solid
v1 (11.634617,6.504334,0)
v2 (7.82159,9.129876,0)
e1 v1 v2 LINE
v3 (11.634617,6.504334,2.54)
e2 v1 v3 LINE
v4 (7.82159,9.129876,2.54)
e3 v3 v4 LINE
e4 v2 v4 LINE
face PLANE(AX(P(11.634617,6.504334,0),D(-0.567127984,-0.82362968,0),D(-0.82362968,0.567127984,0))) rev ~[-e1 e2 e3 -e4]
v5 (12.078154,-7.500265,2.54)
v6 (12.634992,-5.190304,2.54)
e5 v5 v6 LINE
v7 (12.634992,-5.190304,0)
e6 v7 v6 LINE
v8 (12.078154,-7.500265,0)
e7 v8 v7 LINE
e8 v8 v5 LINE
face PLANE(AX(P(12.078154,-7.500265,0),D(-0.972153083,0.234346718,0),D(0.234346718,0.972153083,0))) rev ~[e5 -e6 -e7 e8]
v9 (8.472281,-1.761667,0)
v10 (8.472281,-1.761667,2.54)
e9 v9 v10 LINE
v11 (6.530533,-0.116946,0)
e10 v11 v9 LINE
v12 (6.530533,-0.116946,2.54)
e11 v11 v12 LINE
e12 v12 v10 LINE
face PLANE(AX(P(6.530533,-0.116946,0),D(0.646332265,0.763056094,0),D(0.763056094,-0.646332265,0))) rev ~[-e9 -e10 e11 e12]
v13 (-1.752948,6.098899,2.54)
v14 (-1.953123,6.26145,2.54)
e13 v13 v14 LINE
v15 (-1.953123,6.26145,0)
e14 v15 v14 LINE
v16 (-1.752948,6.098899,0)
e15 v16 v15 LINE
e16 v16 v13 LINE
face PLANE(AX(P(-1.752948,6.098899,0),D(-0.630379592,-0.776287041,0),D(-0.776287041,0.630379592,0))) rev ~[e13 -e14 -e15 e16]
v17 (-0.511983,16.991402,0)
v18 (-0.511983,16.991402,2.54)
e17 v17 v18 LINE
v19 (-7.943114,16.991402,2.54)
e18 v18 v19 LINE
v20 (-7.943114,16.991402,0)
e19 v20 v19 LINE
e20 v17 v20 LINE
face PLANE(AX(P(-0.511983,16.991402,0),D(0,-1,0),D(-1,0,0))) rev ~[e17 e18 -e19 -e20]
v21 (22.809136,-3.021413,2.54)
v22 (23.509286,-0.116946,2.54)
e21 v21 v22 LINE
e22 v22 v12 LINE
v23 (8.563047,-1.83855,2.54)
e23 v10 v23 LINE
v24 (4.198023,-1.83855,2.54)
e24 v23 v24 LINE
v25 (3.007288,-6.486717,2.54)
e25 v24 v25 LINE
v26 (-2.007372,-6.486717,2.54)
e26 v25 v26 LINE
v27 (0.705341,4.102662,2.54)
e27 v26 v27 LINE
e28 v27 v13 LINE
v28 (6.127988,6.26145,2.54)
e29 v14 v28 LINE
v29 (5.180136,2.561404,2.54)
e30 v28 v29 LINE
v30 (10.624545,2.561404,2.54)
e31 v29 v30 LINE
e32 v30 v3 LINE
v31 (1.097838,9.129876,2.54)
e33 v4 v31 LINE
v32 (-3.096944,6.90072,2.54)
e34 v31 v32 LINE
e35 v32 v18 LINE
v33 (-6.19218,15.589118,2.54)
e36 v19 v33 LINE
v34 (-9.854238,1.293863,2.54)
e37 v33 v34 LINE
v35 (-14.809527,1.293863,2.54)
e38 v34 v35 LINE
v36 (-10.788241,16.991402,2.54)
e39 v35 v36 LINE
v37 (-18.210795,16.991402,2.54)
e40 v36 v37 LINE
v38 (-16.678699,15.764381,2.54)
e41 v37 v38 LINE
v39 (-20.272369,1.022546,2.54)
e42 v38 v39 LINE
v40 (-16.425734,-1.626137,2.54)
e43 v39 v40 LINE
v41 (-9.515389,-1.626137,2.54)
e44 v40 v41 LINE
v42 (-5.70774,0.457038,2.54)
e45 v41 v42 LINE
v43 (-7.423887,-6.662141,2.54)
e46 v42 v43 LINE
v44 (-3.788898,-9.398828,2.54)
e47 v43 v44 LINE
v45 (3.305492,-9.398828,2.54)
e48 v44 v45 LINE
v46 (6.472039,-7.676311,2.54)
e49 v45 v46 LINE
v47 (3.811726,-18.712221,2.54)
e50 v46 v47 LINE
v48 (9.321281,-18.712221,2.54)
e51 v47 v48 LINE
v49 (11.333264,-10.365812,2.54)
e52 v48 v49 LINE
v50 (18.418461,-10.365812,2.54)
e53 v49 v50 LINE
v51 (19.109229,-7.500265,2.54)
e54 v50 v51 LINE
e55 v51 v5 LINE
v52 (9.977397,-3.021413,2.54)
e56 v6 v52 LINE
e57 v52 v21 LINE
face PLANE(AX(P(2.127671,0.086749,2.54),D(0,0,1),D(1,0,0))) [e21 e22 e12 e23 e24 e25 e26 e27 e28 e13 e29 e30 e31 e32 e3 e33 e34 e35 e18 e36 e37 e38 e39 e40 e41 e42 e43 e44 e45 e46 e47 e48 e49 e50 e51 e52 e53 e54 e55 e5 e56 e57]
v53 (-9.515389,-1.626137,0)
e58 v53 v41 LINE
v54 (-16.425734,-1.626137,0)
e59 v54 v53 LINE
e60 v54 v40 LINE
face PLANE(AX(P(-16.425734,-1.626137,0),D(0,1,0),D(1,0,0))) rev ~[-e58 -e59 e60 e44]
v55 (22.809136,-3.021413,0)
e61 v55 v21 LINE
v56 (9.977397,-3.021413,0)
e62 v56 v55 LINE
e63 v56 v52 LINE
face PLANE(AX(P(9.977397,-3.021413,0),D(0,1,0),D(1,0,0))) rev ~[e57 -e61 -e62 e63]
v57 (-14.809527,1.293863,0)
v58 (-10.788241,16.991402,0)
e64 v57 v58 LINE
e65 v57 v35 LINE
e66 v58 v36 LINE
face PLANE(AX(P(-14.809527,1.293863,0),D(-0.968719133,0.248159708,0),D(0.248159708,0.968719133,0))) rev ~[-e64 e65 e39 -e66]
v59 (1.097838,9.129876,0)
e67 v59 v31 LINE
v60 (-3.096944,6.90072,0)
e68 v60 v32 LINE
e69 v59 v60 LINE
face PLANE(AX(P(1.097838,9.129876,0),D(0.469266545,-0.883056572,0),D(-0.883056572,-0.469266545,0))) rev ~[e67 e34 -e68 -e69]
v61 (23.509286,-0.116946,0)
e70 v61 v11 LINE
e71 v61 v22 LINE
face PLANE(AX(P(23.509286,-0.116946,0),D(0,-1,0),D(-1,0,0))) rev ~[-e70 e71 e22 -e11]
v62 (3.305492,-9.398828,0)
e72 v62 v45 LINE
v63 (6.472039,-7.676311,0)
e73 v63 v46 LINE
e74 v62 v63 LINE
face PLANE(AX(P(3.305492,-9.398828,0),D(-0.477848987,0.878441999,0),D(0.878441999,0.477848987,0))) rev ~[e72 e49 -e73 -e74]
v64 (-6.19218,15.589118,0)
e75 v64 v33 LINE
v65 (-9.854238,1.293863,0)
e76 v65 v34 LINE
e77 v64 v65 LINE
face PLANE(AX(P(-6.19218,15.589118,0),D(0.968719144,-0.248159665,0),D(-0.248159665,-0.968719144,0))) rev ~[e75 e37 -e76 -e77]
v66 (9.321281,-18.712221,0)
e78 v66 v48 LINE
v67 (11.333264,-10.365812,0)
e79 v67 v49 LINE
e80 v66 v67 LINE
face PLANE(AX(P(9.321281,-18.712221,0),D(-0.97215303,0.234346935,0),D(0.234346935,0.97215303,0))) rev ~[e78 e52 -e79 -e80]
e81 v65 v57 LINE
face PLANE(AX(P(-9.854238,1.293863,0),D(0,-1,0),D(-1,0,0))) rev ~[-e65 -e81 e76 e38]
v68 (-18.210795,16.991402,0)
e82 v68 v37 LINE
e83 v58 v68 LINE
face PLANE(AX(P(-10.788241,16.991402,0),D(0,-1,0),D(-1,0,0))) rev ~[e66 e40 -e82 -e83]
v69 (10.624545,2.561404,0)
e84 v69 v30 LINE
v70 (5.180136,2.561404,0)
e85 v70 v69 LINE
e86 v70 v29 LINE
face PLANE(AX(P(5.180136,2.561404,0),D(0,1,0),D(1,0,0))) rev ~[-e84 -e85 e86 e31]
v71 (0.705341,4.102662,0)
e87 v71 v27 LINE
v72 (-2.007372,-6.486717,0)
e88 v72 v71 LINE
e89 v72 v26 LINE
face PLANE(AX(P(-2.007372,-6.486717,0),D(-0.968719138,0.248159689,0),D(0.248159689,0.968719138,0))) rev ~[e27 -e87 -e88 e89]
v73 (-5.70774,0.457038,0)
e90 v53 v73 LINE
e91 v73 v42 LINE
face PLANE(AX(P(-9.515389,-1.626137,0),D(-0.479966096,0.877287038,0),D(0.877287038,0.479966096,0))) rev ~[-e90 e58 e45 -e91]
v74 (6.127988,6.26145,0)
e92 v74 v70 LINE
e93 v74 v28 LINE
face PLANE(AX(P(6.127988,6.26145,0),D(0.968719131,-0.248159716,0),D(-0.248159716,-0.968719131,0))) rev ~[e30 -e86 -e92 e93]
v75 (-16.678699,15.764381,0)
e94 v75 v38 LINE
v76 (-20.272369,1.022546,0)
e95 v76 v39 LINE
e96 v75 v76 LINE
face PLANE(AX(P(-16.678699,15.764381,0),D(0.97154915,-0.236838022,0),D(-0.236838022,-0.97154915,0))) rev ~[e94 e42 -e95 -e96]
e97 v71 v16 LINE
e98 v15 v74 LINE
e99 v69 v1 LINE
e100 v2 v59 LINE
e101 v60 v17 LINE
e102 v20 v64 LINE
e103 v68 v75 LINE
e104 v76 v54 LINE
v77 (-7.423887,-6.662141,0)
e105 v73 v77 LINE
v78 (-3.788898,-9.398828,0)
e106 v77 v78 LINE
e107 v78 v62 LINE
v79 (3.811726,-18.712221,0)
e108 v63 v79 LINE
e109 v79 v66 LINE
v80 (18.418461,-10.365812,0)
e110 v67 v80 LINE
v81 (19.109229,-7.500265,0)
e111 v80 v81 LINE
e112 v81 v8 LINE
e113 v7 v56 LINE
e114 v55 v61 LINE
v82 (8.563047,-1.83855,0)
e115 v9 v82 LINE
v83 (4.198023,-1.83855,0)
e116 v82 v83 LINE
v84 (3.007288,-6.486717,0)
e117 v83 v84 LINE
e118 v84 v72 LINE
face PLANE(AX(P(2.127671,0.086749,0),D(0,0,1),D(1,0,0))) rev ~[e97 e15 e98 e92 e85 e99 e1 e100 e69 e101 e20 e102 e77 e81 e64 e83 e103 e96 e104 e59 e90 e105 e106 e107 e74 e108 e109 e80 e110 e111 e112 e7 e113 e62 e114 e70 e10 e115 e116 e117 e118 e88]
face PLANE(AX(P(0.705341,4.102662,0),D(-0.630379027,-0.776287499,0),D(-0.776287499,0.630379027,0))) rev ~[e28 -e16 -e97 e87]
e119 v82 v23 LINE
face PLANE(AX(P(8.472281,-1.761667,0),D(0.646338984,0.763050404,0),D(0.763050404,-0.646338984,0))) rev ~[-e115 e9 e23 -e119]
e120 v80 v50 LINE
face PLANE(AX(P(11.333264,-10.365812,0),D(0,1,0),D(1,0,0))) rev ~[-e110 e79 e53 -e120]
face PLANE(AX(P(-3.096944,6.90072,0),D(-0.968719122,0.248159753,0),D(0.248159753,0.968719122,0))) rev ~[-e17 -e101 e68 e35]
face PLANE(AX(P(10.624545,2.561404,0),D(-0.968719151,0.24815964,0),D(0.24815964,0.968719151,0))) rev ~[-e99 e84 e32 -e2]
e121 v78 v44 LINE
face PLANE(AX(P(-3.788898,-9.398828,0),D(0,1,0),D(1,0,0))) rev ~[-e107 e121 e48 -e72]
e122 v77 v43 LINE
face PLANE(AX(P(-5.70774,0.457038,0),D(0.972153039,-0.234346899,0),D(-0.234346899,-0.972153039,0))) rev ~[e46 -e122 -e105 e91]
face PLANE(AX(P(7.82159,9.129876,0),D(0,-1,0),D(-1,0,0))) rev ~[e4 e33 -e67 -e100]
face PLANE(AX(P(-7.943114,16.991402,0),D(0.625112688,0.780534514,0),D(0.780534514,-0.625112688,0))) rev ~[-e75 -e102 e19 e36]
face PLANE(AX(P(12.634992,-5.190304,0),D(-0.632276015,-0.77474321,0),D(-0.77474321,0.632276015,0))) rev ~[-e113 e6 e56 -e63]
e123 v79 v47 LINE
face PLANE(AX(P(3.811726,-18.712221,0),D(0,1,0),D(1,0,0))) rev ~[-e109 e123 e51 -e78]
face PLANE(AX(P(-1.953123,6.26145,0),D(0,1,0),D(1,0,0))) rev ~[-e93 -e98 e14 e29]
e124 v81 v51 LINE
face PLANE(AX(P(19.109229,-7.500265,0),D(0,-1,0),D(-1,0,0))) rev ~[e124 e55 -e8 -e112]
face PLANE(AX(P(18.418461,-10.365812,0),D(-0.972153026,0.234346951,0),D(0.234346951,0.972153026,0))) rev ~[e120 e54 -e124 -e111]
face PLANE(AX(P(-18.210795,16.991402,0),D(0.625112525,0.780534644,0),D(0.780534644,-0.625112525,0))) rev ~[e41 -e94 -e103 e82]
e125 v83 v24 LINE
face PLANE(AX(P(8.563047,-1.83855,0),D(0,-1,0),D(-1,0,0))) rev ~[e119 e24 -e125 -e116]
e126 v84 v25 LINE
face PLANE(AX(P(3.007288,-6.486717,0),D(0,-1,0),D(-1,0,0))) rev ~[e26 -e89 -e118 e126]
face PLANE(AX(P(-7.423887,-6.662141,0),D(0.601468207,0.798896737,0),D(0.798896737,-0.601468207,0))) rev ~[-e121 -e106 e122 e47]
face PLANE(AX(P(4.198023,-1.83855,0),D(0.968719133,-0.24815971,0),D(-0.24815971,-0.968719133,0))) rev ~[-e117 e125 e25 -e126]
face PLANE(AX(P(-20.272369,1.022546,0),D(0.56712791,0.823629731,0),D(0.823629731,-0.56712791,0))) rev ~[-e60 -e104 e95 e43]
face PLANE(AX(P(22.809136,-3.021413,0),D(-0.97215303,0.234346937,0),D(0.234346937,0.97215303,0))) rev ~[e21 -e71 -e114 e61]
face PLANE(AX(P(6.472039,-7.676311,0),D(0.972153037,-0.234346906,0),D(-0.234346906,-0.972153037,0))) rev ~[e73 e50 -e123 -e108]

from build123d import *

# Parameters (mm, degrees)
F1_DEPTH = 2.54


with BuildPart() as f1:
    # F0 (on Top) → F1 (new body)
    with BuildSketch(Plane.XY):
        Polygon((-5.995896, -7.13228), (-6.844743, -6.480798), (-3.836085, 6.000167), (1.180427, 8.666), (7.587111, 8.666), (8.813967, 7.821221), (1.488084, 7.821221), (-1.447063, 6.26145), (6.127988, 6.26145), (5.180136, 2.561404), (10.624545, 2.561404), (11.634617, 6.504334), (7.82159, 9.129876), (1.097838, 9.129876), (-3.096944, 6.90072), (-0.511983, 16.991402), (-7.943114, 16.991402), (-6.19218, 15.589118), (-9.854238, 1.293863), (-14.809527, 1.293863), (-10.788241, 16.991402), (-18.210795, 16.991402), (-16.678699, 15.764381), (-20.272369, 1.022546), (-16.425734, -1.626137), (-9.515389, -1.626137), (-5.70774, 0.457038), (-7.423887, -6.662141), (-3.788898, -9.398828), (3.305492, -9.398828), (6.472039, -7.676311), (3.811726, -18.712221), (9.321281, -18.712221), (11.333264, -10.365812), (18.418461, -10.365812), (19.109229, -7.500265), (12.078154, -7.500265), (12.634992, -5.190304), (9.977397, -3.021413), (22.809136, -3.021413), (23.509286, -0.116946), (6.530533, -0.116946), (8.472281, -1.761667), (8.616393, -1.173794), (7.928506, -0.700135), (22.899743, -0.700135), (22.701854, -1.52105), (9.492916, -1.52105), (5.462863, -18.23912), (4.432984, -18.23912), (8.453434, -1.83855), (4.198023, -1.83855), (3.007288, -6.486717), (-2.007372, -6.486717), (0.705341, 4.102662), (-1.752948, 6.098899), (-2.961167, 5.456838), align=None)
        Polygon((-1.893178, -7.869553), (-1.667288, -6.998886), (3.390135, -6.998886), (4.516308, -2.327129), (7.205165, -2.327129), (6.993239, -3.206271), (5.234903, -3.206271), (4.110773, -7.869553), align=None, mode=Mode.SUBTRACT)
        Polygon((12.062723, -8.862222), (12.301775, -7.946932), (18.437441, -7.946932), (18.216802, -8.862222), align=None, mode=Mode.SUBTRACT)
        Polygon((-18.89434, 0.720949), (-19.655613, 1.344398), (-16.097893, 15.938756), (-16.728074, 16.443454), (-11.468086, 16.443454), (-11.679474, 15.576306), (-15.272995, 15.576306), align=None, mode=Mode.SUBTRACT)
        Polygon((-14.482171, 0.81359), (-9.49441, 0.81359), (-5.643328, 15.846721), (-6.503054, 16.535256), (-1.127594, 16.535256), (-1.376828, 15.562343), (-4.912582, 15.562343), (-8.926276, -0.105562), (-14.717633, -0.105562), align=None, mode=Mode.SUBTRACT)
        Polygon((5.828837, 2.995504), (6.583156, 5.94395), (7.486715, 5.94395), (6.775963, 2.995504), align=None, mode=Mode.SUBTRACT)
        Polygon((-3.836085, 6.000167), (-6.844743, -6.480798), (-5.995896, -7.13228), (-2.961167, 5.456838), (-1.752948, 6.098899), (-1.953123, 6.26145), (-1.447063, 6.26145), (1.488084, 7.821221), (8.813967, 7.821221), (7.587111, 8.666), (1.180427, 8.666), align=None)
        Polygon((-5.643328, 15.846721), (-9.49441, 0.81359), (-14.482171, 0.81359), (-14.717633, -0.105562), (-8.926276, -0.105562), (-4.912582, 15.562343), (-1.376828, 15.562343), (-1.127594, 16.535256), (-6.503054, 16.535256), align=None)
        Polygon((-16.097893, 15.938756), (-19.655613, 1.344398), (-18.89434, 0.720949), (-15.272995, 15.576306), (-11.679474, 15.576306), (-11.468086, 16.443454), (-16.728074, 16.443454), align=None)
        Polygon((7.486715, 5.94395), (6.583156, 5.94395), (5.828837, 2.995504), (6.775963, 2.995504), align=None)
        Polygon((8.563047, -1.83855), (8.453434, -1.83855), (4.432984, -18.23912), (5.462863, -18.23912), (9.492916, -1.52105), (22.701854, -1.52105), (22.899743, -0.700135), (7.928506, -0.700135), (8.616393, -1.173794), (8.472281, -1.761667), align=None)
        Polygon((3.390135, -6.998886), (-1.667288, -6.998886), (-1.893178, -7.869553), (4.110773, -7.869553), (5.234903, -3.206271), (6.993239, -3.206271), (7.205165, -2.327129), (4.516308, -2.327129), align=None)
        Polygon((18.437441, -7.946932), (12.301775, -7.946932), (12.062723, -8.862222), (18.216802, -8.862222), align=None)
    extrude(amount=F1_DEPTH)


solid = f1.part
